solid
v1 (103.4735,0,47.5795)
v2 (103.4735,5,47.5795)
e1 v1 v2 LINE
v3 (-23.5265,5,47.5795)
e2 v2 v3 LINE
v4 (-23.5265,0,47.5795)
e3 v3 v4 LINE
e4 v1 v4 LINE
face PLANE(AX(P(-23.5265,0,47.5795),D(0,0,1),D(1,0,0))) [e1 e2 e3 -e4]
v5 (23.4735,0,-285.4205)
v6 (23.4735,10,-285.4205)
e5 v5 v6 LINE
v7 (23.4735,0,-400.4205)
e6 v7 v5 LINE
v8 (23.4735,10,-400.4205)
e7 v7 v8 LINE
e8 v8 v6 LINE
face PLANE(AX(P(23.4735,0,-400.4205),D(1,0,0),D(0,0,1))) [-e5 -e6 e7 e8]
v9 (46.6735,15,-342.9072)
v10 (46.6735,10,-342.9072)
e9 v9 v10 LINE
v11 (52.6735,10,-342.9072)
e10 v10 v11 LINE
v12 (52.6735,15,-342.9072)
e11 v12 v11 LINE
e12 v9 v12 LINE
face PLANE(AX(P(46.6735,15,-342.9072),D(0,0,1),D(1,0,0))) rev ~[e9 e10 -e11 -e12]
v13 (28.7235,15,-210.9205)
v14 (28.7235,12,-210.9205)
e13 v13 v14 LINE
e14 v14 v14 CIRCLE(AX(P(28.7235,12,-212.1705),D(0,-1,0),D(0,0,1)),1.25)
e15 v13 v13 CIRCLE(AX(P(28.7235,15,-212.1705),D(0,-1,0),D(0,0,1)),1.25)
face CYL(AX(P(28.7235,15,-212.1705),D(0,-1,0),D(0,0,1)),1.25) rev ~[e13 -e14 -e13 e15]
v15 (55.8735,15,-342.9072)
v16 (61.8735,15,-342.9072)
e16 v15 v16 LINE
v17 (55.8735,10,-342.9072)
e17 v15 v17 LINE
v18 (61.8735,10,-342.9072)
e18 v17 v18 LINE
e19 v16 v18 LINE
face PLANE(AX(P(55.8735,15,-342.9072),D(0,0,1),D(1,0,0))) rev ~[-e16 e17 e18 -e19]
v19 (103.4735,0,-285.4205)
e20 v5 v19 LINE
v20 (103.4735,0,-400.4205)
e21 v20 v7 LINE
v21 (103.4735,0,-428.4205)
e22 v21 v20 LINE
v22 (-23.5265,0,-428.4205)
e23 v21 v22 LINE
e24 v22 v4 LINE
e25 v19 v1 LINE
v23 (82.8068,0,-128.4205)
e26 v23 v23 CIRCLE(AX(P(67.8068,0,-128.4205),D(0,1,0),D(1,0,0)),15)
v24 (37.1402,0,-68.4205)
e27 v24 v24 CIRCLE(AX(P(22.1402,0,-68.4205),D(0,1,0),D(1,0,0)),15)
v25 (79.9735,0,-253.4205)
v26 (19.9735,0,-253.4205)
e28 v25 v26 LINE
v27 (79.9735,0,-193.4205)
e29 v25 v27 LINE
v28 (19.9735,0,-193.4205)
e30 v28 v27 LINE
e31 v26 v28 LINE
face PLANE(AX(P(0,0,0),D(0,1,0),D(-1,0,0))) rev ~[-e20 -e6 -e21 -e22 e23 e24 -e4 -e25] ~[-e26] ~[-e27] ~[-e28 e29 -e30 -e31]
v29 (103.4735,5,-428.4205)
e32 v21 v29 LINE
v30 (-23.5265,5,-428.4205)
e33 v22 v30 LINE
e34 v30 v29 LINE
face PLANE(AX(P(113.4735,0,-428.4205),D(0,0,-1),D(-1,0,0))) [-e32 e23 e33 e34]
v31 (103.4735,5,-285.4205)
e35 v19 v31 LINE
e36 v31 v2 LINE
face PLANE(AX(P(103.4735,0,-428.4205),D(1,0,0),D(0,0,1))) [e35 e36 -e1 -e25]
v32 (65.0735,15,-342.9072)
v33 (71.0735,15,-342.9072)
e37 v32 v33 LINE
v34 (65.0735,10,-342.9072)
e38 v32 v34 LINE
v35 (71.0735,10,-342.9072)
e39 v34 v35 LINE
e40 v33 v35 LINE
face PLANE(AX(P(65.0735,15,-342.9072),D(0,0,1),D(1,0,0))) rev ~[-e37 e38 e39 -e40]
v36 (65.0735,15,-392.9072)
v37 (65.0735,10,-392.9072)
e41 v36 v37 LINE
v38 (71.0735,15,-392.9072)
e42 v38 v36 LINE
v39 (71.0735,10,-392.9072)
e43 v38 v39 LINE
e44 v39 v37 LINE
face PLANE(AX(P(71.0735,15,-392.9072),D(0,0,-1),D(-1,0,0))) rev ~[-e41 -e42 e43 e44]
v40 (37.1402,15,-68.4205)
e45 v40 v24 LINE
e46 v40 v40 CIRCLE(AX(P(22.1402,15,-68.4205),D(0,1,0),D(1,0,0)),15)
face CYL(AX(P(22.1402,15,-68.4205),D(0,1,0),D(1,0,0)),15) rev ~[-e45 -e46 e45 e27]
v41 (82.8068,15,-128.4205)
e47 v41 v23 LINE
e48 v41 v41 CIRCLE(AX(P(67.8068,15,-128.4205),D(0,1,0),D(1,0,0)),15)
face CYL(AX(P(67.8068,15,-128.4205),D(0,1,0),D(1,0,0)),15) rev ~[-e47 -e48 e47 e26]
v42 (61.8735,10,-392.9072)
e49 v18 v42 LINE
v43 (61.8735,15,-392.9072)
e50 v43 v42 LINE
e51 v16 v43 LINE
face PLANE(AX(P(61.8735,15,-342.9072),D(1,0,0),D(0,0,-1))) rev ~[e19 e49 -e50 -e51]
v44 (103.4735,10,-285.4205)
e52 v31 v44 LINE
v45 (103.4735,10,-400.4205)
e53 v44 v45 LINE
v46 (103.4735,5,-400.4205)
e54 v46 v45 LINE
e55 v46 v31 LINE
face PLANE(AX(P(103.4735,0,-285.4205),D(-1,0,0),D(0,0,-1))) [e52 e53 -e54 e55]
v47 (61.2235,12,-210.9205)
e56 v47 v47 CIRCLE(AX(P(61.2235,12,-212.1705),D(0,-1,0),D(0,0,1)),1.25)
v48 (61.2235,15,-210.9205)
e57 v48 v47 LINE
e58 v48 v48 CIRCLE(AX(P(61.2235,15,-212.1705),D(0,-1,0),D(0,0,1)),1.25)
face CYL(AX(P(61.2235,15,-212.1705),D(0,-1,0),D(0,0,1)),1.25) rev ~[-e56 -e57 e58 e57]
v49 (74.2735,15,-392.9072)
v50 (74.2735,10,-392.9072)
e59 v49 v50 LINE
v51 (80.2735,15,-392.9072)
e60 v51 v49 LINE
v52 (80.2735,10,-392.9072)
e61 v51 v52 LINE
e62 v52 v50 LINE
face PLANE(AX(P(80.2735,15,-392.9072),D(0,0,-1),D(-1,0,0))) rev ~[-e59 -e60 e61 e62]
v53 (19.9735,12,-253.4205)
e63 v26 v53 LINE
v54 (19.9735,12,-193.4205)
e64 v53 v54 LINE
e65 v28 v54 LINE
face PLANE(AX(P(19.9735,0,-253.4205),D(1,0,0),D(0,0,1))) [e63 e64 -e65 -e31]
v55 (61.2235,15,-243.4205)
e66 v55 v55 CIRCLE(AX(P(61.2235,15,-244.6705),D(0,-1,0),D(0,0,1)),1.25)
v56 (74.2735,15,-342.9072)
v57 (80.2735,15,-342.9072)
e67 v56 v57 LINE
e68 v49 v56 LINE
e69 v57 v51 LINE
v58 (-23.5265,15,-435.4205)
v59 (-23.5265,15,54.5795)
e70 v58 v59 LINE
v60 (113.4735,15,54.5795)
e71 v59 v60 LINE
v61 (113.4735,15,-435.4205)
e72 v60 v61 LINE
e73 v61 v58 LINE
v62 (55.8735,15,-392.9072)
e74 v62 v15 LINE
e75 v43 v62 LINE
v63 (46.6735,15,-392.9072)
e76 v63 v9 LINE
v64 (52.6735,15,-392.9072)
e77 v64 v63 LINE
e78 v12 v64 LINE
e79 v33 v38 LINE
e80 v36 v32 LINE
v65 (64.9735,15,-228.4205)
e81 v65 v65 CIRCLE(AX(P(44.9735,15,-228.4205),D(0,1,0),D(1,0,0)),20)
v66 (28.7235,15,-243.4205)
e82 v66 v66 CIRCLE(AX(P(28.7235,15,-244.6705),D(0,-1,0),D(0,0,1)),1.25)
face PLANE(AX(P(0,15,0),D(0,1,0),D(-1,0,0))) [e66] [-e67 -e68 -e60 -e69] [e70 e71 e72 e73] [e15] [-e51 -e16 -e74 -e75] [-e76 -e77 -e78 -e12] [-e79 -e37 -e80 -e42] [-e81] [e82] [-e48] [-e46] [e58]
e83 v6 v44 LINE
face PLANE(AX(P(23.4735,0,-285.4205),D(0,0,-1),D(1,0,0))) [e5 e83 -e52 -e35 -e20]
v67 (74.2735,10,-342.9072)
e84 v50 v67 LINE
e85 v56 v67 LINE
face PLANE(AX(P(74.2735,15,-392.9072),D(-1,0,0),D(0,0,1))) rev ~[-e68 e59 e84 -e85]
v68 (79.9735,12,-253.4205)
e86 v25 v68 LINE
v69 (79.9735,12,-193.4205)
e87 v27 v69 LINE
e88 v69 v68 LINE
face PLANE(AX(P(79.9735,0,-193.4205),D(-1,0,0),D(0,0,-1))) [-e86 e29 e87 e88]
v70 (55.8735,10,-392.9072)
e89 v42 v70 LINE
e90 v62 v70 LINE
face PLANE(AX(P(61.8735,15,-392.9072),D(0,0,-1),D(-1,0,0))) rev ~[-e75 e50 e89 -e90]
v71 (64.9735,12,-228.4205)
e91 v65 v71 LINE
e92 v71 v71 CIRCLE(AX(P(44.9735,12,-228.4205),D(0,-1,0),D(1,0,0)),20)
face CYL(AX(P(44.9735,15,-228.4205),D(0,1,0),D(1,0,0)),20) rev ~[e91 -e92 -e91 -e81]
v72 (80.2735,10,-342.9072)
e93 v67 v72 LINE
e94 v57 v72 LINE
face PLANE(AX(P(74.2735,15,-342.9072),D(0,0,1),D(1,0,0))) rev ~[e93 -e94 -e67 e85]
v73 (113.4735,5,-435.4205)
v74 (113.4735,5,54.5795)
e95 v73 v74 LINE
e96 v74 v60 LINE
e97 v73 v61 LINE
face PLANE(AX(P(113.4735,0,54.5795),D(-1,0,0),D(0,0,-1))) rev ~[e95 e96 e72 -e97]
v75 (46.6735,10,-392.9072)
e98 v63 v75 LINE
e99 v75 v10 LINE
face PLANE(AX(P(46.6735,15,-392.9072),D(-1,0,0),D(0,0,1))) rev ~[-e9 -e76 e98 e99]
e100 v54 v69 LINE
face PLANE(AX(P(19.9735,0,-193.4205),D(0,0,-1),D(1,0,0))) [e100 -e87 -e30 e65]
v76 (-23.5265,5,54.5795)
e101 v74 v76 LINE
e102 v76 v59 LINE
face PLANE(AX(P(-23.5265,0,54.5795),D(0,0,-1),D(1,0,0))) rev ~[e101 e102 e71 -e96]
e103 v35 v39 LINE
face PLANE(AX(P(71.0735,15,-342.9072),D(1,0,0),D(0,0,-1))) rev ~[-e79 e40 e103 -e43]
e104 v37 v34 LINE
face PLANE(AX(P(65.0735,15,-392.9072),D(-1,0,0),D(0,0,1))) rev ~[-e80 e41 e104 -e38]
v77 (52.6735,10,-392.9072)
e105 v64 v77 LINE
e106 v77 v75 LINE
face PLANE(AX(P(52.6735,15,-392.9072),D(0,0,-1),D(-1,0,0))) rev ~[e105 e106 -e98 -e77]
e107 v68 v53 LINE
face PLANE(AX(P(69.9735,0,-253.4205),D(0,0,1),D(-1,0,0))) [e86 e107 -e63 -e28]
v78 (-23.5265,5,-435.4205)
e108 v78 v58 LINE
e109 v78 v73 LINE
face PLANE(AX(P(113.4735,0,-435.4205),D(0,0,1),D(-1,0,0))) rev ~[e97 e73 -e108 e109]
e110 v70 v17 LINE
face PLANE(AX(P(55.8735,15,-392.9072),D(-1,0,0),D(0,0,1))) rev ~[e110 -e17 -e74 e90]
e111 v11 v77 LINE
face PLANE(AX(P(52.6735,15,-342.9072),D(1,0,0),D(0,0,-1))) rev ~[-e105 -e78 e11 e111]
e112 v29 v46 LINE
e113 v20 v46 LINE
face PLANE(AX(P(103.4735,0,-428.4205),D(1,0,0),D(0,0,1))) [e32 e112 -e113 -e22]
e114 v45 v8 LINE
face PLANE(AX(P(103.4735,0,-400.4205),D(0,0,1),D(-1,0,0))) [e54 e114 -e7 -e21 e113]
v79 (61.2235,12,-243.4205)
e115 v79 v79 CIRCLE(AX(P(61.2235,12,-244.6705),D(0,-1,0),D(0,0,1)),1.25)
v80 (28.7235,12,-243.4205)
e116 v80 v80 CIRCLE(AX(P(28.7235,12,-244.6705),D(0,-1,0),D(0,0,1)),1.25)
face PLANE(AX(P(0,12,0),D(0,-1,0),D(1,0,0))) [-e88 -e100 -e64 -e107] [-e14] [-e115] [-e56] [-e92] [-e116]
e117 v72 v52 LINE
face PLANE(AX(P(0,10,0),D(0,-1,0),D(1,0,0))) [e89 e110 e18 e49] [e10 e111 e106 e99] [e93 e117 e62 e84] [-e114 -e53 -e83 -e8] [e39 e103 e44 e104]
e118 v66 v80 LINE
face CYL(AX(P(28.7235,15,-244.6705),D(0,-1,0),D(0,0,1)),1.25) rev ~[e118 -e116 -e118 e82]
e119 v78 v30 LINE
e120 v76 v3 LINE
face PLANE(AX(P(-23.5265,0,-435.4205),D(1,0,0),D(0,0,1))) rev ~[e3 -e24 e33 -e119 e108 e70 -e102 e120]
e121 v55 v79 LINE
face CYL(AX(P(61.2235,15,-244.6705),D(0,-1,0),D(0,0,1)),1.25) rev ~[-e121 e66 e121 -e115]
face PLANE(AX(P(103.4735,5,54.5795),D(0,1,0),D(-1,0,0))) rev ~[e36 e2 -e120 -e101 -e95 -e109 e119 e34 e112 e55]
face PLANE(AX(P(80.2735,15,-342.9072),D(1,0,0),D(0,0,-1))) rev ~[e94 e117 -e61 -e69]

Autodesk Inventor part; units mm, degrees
ref_plane "YZ Plane" through (0, 0, 0) normal (1, 0, 0) x (0, 1, 0)
ref_plane "XZ Plane" through (0, 0, 0) normal (0, 1, 0) x (-1, 0, 0)
ref_plane "XY Plane" through (0, 0, 0) normal (0, 0, 1) x (1, 0, 0)
sketch "Sketch1" plane through (0, 0, 0) normal (0, 1, 0) x (-1, 0, 0)
  line L0 (23.5265, 54.5795) -> (-113.4735, 54.5795)
  line L1 (-113.4735, 54.5795) -> (-113.4735, -435.4205)
  line L2 (-113.4735, -435.4205) -> (23.5265, -435.4205)
  line L3 (23.5265, -435.4205) -> (23.5265, 54.5795)
  point P0 (0, 0)
  dimension "d0" = 137
  dimension "d1" = 490
extrude "Extrusion1" add sketch "Sketch1" along normal blind 15
sketch "Sketch2" plane through (-23.5265, 0, 54.5795) normal (0, 0, 1) x (1, 0, 0)
  line L0 (137, 0) -> (0, 0) projected
  line L1 (0, 0) -> (127, 0)
  line L2 (127, 0) -> (127, 5)
  line L3 (127, 5) -> (0, 5)
  line L4 (0, 5) -> (0, 0)
  point P0 (23.5265, 0)
  dimension "d4" = 127
  dimension "d5" = 5
extrude "Extrusion2" cut sketch "Sketch2" against normal blind 7
sketch "Sketch3" plane through (113.4735, 0, -435.4205) normal (0, 0, -1) x (-1, 0, 0)
  line L0 (0, 0) -> (137, 0) projected
  line L1 (0, 0) -> (137, 0)
  line L2 (137, 0) -> (137, 5)
  line L3 (137, 5) -> (0, 5)
  line L4 (0, 5) -> (0, 0)
  point P0 (113.4735, 0)
  dimension "d8" = 137
  dimension "d9" = 5
extrude "Extrusion3" cut sketch "Sketch3" against normal blind 7
sketch "Sketch4" plane through (0, 0, 0) normal (0, -1, 0) x (1, 0, 0)
  line L0 (-23.5265, -428.4205) -> (113.4735, -428.4205) projected
  line L1 (103.4735, 47.5795) -> (-23.5265, 47.5795) projected
  line L2 (113.4735, -428.4205) -> (103.4735, -428.4205)
  line L3 (103.4735, -428.4205) -> (103.4735, 47.5795)
  line L4 (103.4735, 47.5795) -> (113.4735, 47.5795)
  line L5 (113.4735, 47.5795) -> (113.4735, -428.4205)
  point P0 (0, 0)
  point P1 (-13.5265, -428.4205)
  dimension "d12" = 10
  dimension "d13" = 476
extrude "Extrusion4" cut sketch "Sketch4" against normal blind 5
sketch "Sketch5" plane through (0, 15, 0) normal (0, 1, 0) x (1, 0, 0)
  circle A0 centre (22.1402, 68.4205) radius 15
  circle A1 centre (67.8068, 128.4205) radius 15
  circle A2 centre (44.9735, 228.4205) radius 20
  line L0 (103.4735, 428.4205) -> (-23.5265, 428.4205) projected
  line L1 (-23.5265, 435.4205) -> (-23.5265, -54.5795) projected
  point P0 (0, 0)
  point P1 (-13.5265, 428.4205)
  dimension "d16" = 40
  dimension "d17" = 200
  dimension "d18" = 68.5
  dimension "d19" = 300
  dimension "d20" = 91.3333
  dimension "d21" = 45.6667
  dimension "d22" = 360
  dimension "d23" = 30
  dimension "d24" = 30
extrude "Extrusion5" cut sketch "Sketch5" against normal blind 15
sketch "Sketch6" plane through (0, 0, 0) normal (0, -1, 0) x (1, 0, 0)
  line L0 (69.9735, -253.4205) -> (19.9735, -253.4205)
  line L1 (19.9735, -253.4205) -> (19.9735, -203.4205)
  line L2 (19.9735, -203.4205) -> (69.9735, -203.4205)
  line L3 (69.9735, -203.4205) -> (69.9735, -253.4205)
  circle A0 centre (44.9735, -228.4205) radius 20 projected
  point P0 (0, 0)
  dimension "d27" = 25
  dimension "d28" = 50
  dimension "d29" = 25
  dimension "d30" = 50
extrude "Extrusion6" cut sketch "Sketch6" against normal blind 12
sketch "Sketch7" plane through (0, 15, 0) normal (0, 1, 0) x (1, 0, 0)
  circle A0 centre (44.9735, 228.4205) radius 20 projected
  point P0 (0, 0)
  point P1 (28.7235, 212.1705)
  point P2 (28.7235, 244.6705)
  point P3 (61.2235, 244.6705)
  point P4 (61.2235, 212.1705)
  dimension "d33" = 16.25
  dimension "d34" = 16.25
  dimension "d35" = 16.25
  dimension "d36" = 16.25
  dimension "d37" = 16.25
  dimension "d38" = 16.25
  dimension "d39" = 16.25
  dimension "d40" = 16.25
hole "Hole1" at (28.7235, 15, -212.1705) at (28.7235, 15, -244.6705) at (61.2235, 15, -244.6705) at (61.2235, 15, -212.1705) direction (0, -1, 0) diameter 2.5 end through all
sketch "Sketch8" plane through (0, 0, 0) normal (0, -1, 0) x (1, 0, 0)
  circle A0 centre (61.2235, -244.6705) radius 1.25 projected
  circle A1 centre (28.7235, -212.1705) radius 1.25 projected
  circle A2 centre (28.7235, -244.6705) radius 1.25 projected
  circle A3 centre (61.2235, -212.1705) radius 1.25 projected
  line L0 (19.9735, -203.4205) -> (69.9735, -203.4205) projected
  line L1 (19.9735, -253.4205) -> (19.9735, -203.4205) projected
  line L2 (69.9735, -253.4205) -> (19.9735, -253.4205) projected
  line L3 (69.9735, -203.4205) -> (69.9735, -253.4205) projected
  circle A4 centre (44.9735, -228.4205) radius 20 projected
  line L4 (69.9735, -203.4205) -> (69.9735, -253.4205) projected
  line L5 (69.9735, -253.4205) -> (79.9735, -253.4205)
  line L6 (79.9735, -253.4205) -> (79.9735, -203.4205)
  line L7 (79.9735, -203.4205) -> (69.9735, -203.4205)
  line L8 (69.9735, -203.4205) -> (69.9735, -253.4205)
  line L9 (79.9735, -203.4205) -> (19.9735, -203.4205)
  line L10 (19.9735, -203.4205) -> (19.9735, -193.4205)
  line L11 (19.9735, -193.4205) -> (79.9735, -193.4205)
  line L12 (79.9735, -193.4205) -> (79.9735, -203.4205)
  point P0 (0, 0)
  dimension "d48" = 10
  dimension "d49" = 50
  dimension "d50" = 60
  dimension "d51" = 10
extrude "Extrusion7" cut sketch "Sketch8" against normal blind 12 contours L10 L11 L12 L7 L0 | L7 L6 L5 L3
sketch "Sketch9" plane through (0, 15, 0) normal (0, 1, 0) x (1, 0, 0)
  line L0 (43.4735, 338.4205) -> (83.4735, 338.4205)
  line L1 (83.4735, 338.4205) -> (83.4735, 398.4205)
  line L2 (83.4735, 398.4205) -> (43.4735, 398.4205)
  line L3 (43.4735, 398.4205) -> (43.4735, 338.4205)
  line L4 (103.4735, 428.4205) -> (-23.5265, 428.4205) projected
  line L5 (113.4735, -54.5795) -> (113.4735, 435.4205) projected
  line L6 (46.6735, 342.9072) -> (52.6735, 342.9072)
  line L7 (52.6735, 342.9072) -> (52.6735, 392.9072)
  line L8 (52.6735, 392.9072) -> (46.6735, 392.9072)
  line L9 (46.6735, 392.9072) -> (46.6735, 342.9072)
  line L10 (55.8735, 342.9072) -> (61.8735, 342.9072)
  line L11 (61.8735, 342.9072) -> (61.8735, 392.9072)
  line L12 (61.8735, 392.9072) -> (55.8735, 392.9072)
  line L13 (55.8735, 392.9072) -> (55.8735, 342.9072)
  line L14 (65.0735, 342.9072) -> (71.0735, 342.9072)
  line L15 (71.0735, 342.9072) -> (71.0735, 392.9072)
  line L16 (71.0735, 392.9072) -> (65.0735, 392.9072)
  line L17 (65.0735, 392.9072) -> (65.0735, 342.9072)
  line L18 (74.2735, 342.9072) -> (80.2735, 342.9072)
  line L19 (80.2735, 342.9072) -> (80.2735, 392.9072)
  line L20 (80.2735, 392.9072) -> (74.2735, 392.9072)
  line L21 (74.2735, 392.9072) -> (74.2735, 342.9072)
  point P0 (0, 0)
  point P1 (-13.5265, 428.4205)
  dimension "d54" = 60
  dimension "d55" = 40
  dimension "d56" = 30
  dimension "d57" = 30
  dimension "d58" = 50
  dimension "d59" = 50
  dimension "d60" = 6
  dimension "d61" = 6
  dimension "d62" = 6
  dimension "d63" = 6
  dimension "d64" = 3.2
  dimension "d65" = 3.2
  dimension "d66" = 3.2
  dimension "d67" = 3.2
extrude "Extrusion8" cut sketch "Sketch9" against normal blind 15 contours L9 L8 L7 L6 | L13 L12 L11 L10 | L17 L16 L15 L14 | L21 L20 L19 L18
sketch "Sketch11" plane through (0, 0, 0) normal (0, -1, 0) x (1, 0, 0)
  line L0 (103.4735, -400.4205) -> (23.4735, -400.4205)
  line L1 (23.4735, -400.4205) -> (23.4735, -285.4205)
  line L2 (23.4735, -285.4205) -> (103.4735, -285.4205)
  line L3 (103.4735, -285.4205) -> (103.4735, -400.4205)
  line L4 (113.4735, 47.5795) -> (113.4735, -435.4205) projected
  line L5 (113.4735, -435.4205) -> (-23.5265, -435.4205) projected
  point P0 (0, 0)
  point P1 (-13.5265, -435.4205)
  dimension "d70" = 80
  dimension "d71" = 115
  dimension "d72" = 10
  dimension "d73" = 35
extrude "Extrusion9" cut sketch "Sketch11" against normal blind 10
sketch "Sketch12" plane through (-23.5265, 15, 54.5795) normal (0, 0, 1) x (1, 0, 0)
  line L0 (0, 0) -> (137, 0) projected
  line L1 (137, -121) -> (137, 0) projected
  line L2 (127, -15) -> (137, -15) projected
  line L3 (127, -10) -> (127, -121) projected
  line L4 (0, -10) -> (127, -10) projected
  line L5 (127, -10) -> (127, -121) projected
  line L6 (0, -10) -> (127, -10) projected
  line L7 (137, -15) -> (137, -10) projected
  line L8 (127, -10) -> (137, -10)
  line L9 (137, -10) -> (137, -15)
  line L10 (137, -15) -> (127, -15)
  line L11 (127, -15) -> (127, -10)
  point P0 (23.5265, -15)
extrude "Extrusion10" cut sketch "Sketch12" against normal blind 7
properties part number "Arcade_ControlTop"
